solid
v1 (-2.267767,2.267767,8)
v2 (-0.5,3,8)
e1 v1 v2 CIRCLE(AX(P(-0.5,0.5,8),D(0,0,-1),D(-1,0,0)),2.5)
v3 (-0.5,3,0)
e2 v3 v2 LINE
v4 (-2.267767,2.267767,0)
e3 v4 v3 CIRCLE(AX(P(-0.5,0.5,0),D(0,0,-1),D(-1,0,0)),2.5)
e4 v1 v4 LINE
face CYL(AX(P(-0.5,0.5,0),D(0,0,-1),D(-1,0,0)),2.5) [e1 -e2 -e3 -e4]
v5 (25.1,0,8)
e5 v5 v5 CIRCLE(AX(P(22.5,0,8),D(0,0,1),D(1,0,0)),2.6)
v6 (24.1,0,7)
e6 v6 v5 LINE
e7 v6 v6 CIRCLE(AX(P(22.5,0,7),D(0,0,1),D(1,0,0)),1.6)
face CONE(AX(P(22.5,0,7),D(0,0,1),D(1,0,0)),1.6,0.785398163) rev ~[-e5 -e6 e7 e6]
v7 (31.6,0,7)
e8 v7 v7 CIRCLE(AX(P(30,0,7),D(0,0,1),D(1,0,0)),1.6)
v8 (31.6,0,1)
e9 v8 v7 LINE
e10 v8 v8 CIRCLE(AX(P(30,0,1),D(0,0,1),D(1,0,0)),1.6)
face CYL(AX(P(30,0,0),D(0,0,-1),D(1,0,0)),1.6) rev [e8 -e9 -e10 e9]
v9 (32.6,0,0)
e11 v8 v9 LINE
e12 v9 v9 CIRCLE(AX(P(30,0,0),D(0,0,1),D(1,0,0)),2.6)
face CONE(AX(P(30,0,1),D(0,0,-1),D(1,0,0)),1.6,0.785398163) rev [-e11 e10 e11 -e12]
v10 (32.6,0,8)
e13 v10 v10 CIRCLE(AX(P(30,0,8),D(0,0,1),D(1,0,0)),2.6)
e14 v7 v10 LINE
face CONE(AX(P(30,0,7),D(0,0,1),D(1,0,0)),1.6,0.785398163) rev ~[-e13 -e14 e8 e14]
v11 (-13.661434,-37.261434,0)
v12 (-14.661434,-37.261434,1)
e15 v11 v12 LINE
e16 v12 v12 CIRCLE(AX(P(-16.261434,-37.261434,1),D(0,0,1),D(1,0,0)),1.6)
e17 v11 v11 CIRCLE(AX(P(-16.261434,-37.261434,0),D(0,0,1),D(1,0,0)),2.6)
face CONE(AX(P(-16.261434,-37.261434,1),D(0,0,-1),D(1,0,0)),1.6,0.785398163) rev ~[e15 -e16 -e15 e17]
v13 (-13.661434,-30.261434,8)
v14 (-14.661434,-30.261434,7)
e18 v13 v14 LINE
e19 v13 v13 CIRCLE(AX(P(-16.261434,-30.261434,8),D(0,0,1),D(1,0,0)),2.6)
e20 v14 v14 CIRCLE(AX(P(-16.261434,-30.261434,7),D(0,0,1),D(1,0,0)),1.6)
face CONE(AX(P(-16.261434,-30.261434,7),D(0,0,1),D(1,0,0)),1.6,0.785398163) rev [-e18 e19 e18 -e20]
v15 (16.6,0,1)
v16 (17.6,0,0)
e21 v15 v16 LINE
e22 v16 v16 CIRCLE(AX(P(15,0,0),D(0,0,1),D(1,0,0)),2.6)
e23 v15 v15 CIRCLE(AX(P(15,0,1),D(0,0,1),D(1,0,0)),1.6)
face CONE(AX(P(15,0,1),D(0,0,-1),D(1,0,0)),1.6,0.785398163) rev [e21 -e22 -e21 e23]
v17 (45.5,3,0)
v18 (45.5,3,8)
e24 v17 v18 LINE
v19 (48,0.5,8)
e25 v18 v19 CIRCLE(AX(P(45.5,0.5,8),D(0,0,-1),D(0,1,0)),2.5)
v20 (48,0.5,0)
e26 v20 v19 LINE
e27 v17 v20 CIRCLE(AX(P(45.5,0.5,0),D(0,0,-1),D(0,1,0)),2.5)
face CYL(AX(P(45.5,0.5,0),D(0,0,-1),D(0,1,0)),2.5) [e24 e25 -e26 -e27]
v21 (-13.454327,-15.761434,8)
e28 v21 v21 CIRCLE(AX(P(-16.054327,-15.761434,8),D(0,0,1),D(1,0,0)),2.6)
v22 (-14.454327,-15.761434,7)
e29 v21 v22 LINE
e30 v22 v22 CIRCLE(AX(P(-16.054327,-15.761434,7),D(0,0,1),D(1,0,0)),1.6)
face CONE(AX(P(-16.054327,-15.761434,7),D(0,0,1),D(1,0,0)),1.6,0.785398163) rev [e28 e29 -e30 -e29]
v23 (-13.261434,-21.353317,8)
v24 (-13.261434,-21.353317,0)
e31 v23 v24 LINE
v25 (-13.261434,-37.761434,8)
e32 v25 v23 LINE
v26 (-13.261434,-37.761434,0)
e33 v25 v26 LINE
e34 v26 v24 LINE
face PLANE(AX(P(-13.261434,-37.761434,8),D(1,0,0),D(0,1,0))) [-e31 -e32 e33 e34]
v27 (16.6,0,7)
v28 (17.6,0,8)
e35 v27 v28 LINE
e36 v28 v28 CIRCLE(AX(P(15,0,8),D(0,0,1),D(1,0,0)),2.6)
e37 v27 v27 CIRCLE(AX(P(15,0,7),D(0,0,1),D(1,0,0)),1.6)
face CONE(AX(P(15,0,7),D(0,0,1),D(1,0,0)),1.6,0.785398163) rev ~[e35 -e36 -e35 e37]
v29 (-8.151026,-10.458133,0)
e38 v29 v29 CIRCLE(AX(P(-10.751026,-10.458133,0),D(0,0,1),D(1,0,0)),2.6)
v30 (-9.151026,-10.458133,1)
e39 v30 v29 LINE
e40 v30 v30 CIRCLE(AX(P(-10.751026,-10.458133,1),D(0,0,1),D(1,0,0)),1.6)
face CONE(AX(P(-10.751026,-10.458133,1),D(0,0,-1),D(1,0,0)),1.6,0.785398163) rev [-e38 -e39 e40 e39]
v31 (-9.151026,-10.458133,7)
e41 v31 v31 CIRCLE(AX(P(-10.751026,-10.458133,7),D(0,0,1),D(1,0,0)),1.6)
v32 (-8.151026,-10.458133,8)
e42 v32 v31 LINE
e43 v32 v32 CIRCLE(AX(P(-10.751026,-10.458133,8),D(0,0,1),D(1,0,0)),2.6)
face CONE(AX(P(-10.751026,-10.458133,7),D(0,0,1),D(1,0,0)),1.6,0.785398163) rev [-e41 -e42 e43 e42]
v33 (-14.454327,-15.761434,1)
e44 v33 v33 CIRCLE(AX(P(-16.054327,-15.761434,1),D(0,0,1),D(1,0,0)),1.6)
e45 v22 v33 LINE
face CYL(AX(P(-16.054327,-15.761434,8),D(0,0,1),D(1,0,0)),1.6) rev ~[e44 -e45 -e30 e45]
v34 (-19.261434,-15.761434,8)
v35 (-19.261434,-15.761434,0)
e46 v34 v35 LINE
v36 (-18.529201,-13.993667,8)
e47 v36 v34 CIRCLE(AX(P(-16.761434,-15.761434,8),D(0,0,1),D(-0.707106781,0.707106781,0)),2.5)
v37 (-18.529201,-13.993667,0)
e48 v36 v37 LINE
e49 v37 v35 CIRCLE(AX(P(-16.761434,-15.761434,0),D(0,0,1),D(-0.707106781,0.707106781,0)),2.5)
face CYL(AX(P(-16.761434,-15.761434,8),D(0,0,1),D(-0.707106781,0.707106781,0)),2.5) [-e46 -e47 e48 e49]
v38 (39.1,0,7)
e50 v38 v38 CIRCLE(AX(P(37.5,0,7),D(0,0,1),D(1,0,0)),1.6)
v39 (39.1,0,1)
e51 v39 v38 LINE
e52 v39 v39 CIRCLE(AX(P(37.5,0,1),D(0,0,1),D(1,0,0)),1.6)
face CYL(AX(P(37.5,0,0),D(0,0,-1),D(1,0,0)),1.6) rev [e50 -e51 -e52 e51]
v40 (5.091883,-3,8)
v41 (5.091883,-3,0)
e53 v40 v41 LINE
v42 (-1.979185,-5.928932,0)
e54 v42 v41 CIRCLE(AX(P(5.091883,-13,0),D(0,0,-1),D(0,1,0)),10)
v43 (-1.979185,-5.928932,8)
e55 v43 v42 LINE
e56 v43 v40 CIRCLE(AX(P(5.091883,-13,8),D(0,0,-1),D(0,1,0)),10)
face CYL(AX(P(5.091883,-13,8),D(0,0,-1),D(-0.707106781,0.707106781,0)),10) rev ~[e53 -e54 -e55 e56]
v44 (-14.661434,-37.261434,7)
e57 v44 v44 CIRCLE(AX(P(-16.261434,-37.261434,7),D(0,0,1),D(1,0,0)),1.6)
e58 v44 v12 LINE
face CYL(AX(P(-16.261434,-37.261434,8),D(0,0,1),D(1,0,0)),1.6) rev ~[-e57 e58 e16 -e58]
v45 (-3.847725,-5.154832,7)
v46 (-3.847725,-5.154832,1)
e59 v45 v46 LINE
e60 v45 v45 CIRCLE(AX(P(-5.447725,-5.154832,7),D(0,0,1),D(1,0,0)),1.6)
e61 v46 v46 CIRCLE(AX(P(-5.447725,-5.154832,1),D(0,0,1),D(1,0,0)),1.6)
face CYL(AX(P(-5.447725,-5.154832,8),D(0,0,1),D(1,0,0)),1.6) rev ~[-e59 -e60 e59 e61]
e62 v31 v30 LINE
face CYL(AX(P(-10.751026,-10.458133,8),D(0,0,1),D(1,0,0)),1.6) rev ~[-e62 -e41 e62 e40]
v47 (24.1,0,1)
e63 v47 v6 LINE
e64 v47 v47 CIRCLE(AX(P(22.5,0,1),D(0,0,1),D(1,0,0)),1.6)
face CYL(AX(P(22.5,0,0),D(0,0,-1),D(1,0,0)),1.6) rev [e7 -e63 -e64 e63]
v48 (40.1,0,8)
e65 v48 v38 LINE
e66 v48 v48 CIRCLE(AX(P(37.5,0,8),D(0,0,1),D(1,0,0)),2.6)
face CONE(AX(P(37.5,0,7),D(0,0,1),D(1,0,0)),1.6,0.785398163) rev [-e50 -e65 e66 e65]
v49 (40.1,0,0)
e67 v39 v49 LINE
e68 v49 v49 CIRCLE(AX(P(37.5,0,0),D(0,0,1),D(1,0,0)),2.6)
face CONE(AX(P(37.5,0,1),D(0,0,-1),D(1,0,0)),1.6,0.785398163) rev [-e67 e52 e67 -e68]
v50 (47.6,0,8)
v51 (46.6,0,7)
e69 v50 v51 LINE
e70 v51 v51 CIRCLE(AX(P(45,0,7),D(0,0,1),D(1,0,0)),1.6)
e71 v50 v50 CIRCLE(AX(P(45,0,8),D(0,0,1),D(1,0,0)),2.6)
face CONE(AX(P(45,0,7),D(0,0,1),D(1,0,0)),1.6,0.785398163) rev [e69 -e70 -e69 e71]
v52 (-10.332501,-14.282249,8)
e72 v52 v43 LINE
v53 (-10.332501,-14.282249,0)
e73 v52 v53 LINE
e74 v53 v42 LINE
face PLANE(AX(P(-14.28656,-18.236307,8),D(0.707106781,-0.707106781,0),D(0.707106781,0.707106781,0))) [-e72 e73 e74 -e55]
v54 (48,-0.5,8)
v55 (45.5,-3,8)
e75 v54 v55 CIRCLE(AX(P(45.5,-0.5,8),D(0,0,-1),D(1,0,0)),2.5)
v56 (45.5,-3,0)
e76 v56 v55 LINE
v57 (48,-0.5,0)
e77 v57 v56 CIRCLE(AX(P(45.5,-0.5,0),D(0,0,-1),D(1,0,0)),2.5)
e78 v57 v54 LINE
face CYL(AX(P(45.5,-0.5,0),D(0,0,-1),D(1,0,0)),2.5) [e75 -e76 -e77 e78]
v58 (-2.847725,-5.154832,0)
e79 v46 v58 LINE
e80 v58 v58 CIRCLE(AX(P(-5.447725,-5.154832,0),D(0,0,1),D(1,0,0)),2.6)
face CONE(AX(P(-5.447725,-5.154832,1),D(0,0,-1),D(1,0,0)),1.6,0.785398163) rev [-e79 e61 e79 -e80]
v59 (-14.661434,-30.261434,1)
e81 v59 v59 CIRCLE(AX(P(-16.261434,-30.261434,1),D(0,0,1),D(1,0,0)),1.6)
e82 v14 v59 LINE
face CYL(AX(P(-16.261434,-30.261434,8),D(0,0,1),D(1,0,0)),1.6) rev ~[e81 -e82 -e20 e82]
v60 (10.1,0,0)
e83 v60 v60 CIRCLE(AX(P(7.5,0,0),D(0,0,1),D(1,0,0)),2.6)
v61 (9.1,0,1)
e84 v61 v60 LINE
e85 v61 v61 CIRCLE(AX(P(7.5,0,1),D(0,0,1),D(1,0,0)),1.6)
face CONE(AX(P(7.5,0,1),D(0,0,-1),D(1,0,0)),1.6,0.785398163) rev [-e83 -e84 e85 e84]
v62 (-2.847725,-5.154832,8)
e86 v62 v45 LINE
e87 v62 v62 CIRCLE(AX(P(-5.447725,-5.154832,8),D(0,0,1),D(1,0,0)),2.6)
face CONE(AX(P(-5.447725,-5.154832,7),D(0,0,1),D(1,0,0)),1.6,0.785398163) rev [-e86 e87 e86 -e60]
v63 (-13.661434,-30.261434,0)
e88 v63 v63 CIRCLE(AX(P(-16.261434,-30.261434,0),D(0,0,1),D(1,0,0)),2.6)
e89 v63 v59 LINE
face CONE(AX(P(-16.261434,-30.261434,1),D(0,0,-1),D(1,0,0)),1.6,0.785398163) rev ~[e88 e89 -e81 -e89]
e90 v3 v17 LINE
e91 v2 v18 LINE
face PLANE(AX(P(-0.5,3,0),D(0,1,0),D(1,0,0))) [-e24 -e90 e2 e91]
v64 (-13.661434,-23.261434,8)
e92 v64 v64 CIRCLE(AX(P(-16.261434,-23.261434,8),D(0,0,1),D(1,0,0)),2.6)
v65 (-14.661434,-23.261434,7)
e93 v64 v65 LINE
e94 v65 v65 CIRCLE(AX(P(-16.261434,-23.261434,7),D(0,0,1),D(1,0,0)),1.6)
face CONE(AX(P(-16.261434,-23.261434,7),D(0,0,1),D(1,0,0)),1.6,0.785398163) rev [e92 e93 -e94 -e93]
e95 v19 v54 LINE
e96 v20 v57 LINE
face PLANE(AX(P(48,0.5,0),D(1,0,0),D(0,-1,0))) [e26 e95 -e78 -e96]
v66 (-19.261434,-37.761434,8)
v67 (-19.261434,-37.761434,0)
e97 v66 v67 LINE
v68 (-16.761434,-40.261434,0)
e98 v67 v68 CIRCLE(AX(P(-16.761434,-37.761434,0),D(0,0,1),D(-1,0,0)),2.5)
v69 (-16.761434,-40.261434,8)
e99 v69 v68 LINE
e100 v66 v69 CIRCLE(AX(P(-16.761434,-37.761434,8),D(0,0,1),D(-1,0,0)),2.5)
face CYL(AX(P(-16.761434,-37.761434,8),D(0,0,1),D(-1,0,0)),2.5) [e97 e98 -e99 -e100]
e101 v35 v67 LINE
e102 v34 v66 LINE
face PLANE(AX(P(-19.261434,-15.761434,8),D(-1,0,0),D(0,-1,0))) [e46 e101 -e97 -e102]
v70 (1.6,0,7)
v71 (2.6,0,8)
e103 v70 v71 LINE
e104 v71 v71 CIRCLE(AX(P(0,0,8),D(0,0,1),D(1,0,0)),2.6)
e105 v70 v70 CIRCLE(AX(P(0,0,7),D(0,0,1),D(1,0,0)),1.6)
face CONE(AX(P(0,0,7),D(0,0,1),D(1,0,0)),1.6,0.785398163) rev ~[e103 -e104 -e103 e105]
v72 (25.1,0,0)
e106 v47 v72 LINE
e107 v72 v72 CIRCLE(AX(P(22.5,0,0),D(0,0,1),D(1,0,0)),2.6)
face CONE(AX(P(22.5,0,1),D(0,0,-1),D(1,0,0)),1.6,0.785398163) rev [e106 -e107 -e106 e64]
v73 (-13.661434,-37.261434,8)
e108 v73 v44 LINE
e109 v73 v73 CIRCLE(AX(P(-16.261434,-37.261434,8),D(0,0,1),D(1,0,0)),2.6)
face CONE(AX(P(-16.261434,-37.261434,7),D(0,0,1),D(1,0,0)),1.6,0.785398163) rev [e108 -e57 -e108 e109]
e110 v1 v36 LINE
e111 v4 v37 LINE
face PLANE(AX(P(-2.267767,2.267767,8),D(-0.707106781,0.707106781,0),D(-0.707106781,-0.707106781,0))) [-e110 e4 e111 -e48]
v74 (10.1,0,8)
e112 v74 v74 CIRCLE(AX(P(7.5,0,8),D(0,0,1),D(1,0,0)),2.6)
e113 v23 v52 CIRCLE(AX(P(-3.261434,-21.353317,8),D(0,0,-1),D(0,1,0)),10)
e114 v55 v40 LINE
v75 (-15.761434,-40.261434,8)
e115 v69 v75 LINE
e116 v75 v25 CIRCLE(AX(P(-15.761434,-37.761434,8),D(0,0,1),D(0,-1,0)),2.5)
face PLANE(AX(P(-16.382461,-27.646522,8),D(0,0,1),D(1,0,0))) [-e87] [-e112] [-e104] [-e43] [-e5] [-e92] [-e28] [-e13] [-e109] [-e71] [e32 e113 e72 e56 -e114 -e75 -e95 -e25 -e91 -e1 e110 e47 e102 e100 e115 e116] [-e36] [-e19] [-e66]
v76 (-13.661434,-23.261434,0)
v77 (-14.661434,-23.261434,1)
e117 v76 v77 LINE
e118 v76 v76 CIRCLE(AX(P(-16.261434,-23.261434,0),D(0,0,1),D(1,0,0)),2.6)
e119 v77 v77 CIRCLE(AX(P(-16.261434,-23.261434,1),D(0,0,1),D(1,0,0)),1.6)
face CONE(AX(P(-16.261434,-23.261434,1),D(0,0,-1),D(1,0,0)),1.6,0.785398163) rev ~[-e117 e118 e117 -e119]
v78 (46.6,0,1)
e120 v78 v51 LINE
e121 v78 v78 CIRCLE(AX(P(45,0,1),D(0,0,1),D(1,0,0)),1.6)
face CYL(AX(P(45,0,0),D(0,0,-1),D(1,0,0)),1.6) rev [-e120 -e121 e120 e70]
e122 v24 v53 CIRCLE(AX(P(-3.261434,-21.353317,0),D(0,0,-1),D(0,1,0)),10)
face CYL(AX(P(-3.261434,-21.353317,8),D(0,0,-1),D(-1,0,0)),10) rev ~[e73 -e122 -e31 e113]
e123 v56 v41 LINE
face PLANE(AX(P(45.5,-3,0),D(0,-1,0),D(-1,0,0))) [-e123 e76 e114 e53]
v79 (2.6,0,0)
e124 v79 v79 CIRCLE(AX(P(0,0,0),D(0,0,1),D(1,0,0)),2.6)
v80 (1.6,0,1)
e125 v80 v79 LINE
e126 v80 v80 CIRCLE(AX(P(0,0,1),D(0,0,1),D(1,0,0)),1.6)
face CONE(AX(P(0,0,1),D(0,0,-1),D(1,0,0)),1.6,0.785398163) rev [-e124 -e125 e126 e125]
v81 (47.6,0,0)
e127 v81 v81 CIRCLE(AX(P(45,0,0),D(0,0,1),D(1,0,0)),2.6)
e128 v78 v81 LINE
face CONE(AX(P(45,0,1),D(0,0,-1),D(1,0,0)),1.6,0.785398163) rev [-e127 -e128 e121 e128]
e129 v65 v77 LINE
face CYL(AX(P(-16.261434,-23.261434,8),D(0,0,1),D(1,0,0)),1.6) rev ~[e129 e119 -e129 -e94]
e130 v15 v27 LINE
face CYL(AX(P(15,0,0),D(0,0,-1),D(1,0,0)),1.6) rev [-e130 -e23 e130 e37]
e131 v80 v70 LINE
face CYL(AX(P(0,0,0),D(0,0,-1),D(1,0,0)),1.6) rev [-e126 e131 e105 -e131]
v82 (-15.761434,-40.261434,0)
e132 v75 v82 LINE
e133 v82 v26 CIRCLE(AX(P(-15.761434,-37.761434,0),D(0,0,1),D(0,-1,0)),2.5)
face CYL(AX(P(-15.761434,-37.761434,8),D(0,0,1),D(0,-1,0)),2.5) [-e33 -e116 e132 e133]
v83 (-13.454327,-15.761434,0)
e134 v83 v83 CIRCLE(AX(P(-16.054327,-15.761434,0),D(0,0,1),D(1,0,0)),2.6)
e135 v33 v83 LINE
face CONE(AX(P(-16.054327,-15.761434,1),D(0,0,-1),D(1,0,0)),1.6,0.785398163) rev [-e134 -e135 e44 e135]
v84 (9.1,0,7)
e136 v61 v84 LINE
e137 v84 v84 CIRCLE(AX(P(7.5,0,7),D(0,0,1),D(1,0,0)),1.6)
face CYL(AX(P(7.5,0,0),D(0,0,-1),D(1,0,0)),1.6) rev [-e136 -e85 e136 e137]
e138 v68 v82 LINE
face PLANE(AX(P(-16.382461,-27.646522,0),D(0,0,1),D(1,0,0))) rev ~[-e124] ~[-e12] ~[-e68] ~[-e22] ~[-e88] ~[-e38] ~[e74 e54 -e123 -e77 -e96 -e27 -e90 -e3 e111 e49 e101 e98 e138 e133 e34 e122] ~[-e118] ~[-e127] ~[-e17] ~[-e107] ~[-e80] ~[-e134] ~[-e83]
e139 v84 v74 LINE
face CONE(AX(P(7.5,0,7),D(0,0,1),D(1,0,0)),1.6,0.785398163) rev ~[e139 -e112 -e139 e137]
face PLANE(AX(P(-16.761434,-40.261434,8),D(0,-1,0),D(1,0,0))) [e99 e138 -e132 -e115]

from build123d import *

# Parameters (mm, degrees)
SKETCH1_R           = 1.6
BOSS_EXTRUDE1_DEPTH = 8
CHAMFER1_SIZE       = 1
SKETCH2_R           = 1.6
BOSS_EXTRUDE3_DEPTH = 8
FILLET1_R           = 10
CHAMFER2_SIZE       = 1
CHAMFER3_SIZE       = 1
SKETCH3_R           = 1.6
BOSS_EXTRUDE4_DEPTH = 8
CHAMFER5_SIZE       = 1
FILLET2_R           = 10


with BuildPart() as part:
    # Sketch1 → Boss-Extrude1 (new body)
    with BuildSketch(Plane.XY):
        with BuildLine():
            Line((-0.5, 3), (45.5, 3))
            ThreePointArc((45.5, 3), (47.267766953, 2.267766953), (48, 0.5))
            Line((48, 0.5), (48, -0.5))
            ThreePointArc((48, -0.5), (47.267766953, -2.267766953), (45.5, -3))
            Line((45.5, -3), (-0.5, -3))
            ThreePointArc((-0.5, -3), (-2.267766953, -2.267766953), (-3, -0.5))
            Line((-3, -0.5), (-3, 0.5))
            ThreePointArc((-3, 0.5), (-2.267766953, 2.267766953), (-0.5, 3))
        make_face()
        Circle(SKETCH1_R, mode=Mode.SUBTRACT)
        with Locations((7.5, 0)):
            Circle(SKETCH1_R, mode=Mode.SUBTRACT)
        with Locations((15, 0)):
            Circle(SKETCH1_R, mode=Mode.SUBTRACT)
        with Locations((22.5, 0)):
            Circle(SKETCH1_R, mode=Mode.SUBTRACT)
        with Locations((30, 0)):
            Circle(SKETCH1_R, mode=Mode.SUBTRACT)
        with Locations((37.5, 0)):
            Circle(SKETCH1_R, mode=Mode.SUBTRACT)
        with Locations((45, 0)):
            Circle(SKETCH1_R, mode=Mode.SUBTRACT)
    extrude(amount=BOSS_EXTRUDE1_DEPTH)

    # Chamfer1
    chamfer1_edges = [part.edges().sort_by_distance(p)[0] for p in [
        (-1.6, 0, 0),
        (-1.6, 0, 8),
        (5.9, 0, 0),
        (5.9, 0, 8),
        (13.4, 0, 0),
        (13.4, 0, 8),
        (20.9, 0, 0),
        (20.9, 0, 8),
        (28.4, 0, 0),
        (28.4, 0, 8),
    ]]
    chamfer(chamfer1_edges, length=CHAMFER1_SIZE)

    # Sketch2 → Boss-Extrude3 (add)
    with BuildSketch(Plane.XY.offset(8)):
        with BuildLine():
            ThreePointArc((-3, 0.5), (-2.809698831, 1.456708581), (-2.267766953, 2.267766953))
            Line((-2.267766953, 2.267766953), (-18.529200529, -13.993666623))
            ThreePointArc((-18.529200529, -13.993666623), (-19.261433576, -15.761433576), (-18.529200529, -17.529200529))
            Line((-18.529200529, -17.529200529), (-17.822093748, -18.23630731))
            ThreePointArc((-17.822093748, -18.23630731), (-16.054326795, -18.968540357), (-14.286559842, -18.23630731))
            Line((-14.286559842, -18.23630731), (0.949747468, -3))
            Line((0.949747468, -3), (-0.5, -3))
            ThreePointArc((-0.5, -3), (-2.267766953, -2.267766953), (-3, -0.5))
            Line((-3, -0.5), (-3, 0.5))
        make_face()
        with Locations((-16.054326795, -15.761433576)):
            Circle(SKETCH2_R, mode=Mode.SUBTRACT)
        with Locations((-10.751025936, -10.458132717)):
            Circle(SKETCH2_R, mode=Mode.SUBTRACT)
        with Locations((-5.447725077, -5.154831858)):
            Circle(SKETCH2_R, mode=Mode.SUBTRACT)
    extrude(amount=-BOSS_EXTRUDE3_DEPTH)

    # Fillet1
    fillet1_edges = [part.edges().sort_by_distance(p)[0] for p in [
        (0.949747468, -3, 4),
    ]]
    fillet(fillet1_edges, radius=FILLET1_R)

    # Chamfer2
    chamfer2_edges = [part.edges().sort_by_distance(p)[0] for p in [
        (-17.654326795, -15.761433576, 8),
        (-12.351025936, -10.458132717, 8),
        (-7.047725077, -5.154831858, 8),
        (-7.047725077, -5.154831858, 0),
        (-12.351025936, -10.458132717, 0),
        (-17.654326795, -15.761433576, 0),
    ]]
    chamfer(chamfer2_edges, length=CHAMFER2_SIZE)

    # Chamfer3
    chamfer3_edges = [part.edges().sort_by_distance(p)[0] for p in [
        (35.9, 0, 0),
        (35.9, 0, 8),
        (43.4, 0, 0),
        (43.4, 0, 8),
    ]]
    chamfer(chamfer3_edges, length=CHAMFER3_SIZE)

    # Sketch3 → Boss-Extrude4 (add)
    with BuildSketch(Plane.XY.offset(8)):
        with BuildLine():
            ThreePointArc((-18.529200529, -17.529200529), (-19.071132407, -16.718142157), (-19.261433576, -15.761433576))
            Line((-19.261433576, -15.761433576), (-19.261433576, -37.761433576))
            ThreePointArc((-19.261433576, -37.761433576), (-18.529200529, -39.529200529), (-16.761433576, -40.261433576))
            Line((-16.761433576, -40.261433576), (-15.761433576, -40.261433576))
            ThreePointArc((-15.761433576, -40.261433576), (-13.993666623, -39.529200529), (-13.261433576, -37.761433576))
            Line((-13.261433576, -37.761433576), (-13.261433576, -17.211181044))
            Line((-13.261433576, -17.211181044), (-14.286559842, -18.23630731))
            ThreePointArc((-14.286559842, -18.23630731), (-16.054326795, -18.968540357), (-17.822093748, -18.23630731))
            Line((-17.822093748, -18.23630731), (-18.529200529, -17.529200529))
        make_face()
        with Locations((-16.261433576, -30.261433576)):
            Circle(SKETCH3_R, mode=Mode.SUBTRACT)
        with Locations((-16.261433576, -37.261433576)):
            Circle(SKETCH3_R, mode=Mode.SUBTRACT)
        with Locations((-16.261433576, -23.261433576)):
            Circle(SKETCH3_R, mode=Mode.SUBTRACT)
    extrude(amount=-BOSS_EXTRUDE4_DEPTH)

    # Chamfer5
    chamfer5_edges = [part.edges().sort_by_distance(p)[0] for p in [
        (-17.861433576, -37.261433576, 8),
        (-17.861433576, -30.261433576, 8),
        (-17.861433576, -23.261433576, 8),
        (-17.861433576, -23.261433576, 0),
        (-17.861433576, -30.261433576, 0),
        (-17.861433576, -37.261433576, 0),
    ]]
    chamfer(chamfer5_edges, length=CHAMFER5_SIZE)

    # Fillet2
    fillet2_edges = [part.edges().sort_by_distance(p)[0] for p in [
        (-13.261433576, -17.211181044, 4),
    ]]
    fillet(fillet2_edges, radius=FILLET2_R)


solid = part.part
